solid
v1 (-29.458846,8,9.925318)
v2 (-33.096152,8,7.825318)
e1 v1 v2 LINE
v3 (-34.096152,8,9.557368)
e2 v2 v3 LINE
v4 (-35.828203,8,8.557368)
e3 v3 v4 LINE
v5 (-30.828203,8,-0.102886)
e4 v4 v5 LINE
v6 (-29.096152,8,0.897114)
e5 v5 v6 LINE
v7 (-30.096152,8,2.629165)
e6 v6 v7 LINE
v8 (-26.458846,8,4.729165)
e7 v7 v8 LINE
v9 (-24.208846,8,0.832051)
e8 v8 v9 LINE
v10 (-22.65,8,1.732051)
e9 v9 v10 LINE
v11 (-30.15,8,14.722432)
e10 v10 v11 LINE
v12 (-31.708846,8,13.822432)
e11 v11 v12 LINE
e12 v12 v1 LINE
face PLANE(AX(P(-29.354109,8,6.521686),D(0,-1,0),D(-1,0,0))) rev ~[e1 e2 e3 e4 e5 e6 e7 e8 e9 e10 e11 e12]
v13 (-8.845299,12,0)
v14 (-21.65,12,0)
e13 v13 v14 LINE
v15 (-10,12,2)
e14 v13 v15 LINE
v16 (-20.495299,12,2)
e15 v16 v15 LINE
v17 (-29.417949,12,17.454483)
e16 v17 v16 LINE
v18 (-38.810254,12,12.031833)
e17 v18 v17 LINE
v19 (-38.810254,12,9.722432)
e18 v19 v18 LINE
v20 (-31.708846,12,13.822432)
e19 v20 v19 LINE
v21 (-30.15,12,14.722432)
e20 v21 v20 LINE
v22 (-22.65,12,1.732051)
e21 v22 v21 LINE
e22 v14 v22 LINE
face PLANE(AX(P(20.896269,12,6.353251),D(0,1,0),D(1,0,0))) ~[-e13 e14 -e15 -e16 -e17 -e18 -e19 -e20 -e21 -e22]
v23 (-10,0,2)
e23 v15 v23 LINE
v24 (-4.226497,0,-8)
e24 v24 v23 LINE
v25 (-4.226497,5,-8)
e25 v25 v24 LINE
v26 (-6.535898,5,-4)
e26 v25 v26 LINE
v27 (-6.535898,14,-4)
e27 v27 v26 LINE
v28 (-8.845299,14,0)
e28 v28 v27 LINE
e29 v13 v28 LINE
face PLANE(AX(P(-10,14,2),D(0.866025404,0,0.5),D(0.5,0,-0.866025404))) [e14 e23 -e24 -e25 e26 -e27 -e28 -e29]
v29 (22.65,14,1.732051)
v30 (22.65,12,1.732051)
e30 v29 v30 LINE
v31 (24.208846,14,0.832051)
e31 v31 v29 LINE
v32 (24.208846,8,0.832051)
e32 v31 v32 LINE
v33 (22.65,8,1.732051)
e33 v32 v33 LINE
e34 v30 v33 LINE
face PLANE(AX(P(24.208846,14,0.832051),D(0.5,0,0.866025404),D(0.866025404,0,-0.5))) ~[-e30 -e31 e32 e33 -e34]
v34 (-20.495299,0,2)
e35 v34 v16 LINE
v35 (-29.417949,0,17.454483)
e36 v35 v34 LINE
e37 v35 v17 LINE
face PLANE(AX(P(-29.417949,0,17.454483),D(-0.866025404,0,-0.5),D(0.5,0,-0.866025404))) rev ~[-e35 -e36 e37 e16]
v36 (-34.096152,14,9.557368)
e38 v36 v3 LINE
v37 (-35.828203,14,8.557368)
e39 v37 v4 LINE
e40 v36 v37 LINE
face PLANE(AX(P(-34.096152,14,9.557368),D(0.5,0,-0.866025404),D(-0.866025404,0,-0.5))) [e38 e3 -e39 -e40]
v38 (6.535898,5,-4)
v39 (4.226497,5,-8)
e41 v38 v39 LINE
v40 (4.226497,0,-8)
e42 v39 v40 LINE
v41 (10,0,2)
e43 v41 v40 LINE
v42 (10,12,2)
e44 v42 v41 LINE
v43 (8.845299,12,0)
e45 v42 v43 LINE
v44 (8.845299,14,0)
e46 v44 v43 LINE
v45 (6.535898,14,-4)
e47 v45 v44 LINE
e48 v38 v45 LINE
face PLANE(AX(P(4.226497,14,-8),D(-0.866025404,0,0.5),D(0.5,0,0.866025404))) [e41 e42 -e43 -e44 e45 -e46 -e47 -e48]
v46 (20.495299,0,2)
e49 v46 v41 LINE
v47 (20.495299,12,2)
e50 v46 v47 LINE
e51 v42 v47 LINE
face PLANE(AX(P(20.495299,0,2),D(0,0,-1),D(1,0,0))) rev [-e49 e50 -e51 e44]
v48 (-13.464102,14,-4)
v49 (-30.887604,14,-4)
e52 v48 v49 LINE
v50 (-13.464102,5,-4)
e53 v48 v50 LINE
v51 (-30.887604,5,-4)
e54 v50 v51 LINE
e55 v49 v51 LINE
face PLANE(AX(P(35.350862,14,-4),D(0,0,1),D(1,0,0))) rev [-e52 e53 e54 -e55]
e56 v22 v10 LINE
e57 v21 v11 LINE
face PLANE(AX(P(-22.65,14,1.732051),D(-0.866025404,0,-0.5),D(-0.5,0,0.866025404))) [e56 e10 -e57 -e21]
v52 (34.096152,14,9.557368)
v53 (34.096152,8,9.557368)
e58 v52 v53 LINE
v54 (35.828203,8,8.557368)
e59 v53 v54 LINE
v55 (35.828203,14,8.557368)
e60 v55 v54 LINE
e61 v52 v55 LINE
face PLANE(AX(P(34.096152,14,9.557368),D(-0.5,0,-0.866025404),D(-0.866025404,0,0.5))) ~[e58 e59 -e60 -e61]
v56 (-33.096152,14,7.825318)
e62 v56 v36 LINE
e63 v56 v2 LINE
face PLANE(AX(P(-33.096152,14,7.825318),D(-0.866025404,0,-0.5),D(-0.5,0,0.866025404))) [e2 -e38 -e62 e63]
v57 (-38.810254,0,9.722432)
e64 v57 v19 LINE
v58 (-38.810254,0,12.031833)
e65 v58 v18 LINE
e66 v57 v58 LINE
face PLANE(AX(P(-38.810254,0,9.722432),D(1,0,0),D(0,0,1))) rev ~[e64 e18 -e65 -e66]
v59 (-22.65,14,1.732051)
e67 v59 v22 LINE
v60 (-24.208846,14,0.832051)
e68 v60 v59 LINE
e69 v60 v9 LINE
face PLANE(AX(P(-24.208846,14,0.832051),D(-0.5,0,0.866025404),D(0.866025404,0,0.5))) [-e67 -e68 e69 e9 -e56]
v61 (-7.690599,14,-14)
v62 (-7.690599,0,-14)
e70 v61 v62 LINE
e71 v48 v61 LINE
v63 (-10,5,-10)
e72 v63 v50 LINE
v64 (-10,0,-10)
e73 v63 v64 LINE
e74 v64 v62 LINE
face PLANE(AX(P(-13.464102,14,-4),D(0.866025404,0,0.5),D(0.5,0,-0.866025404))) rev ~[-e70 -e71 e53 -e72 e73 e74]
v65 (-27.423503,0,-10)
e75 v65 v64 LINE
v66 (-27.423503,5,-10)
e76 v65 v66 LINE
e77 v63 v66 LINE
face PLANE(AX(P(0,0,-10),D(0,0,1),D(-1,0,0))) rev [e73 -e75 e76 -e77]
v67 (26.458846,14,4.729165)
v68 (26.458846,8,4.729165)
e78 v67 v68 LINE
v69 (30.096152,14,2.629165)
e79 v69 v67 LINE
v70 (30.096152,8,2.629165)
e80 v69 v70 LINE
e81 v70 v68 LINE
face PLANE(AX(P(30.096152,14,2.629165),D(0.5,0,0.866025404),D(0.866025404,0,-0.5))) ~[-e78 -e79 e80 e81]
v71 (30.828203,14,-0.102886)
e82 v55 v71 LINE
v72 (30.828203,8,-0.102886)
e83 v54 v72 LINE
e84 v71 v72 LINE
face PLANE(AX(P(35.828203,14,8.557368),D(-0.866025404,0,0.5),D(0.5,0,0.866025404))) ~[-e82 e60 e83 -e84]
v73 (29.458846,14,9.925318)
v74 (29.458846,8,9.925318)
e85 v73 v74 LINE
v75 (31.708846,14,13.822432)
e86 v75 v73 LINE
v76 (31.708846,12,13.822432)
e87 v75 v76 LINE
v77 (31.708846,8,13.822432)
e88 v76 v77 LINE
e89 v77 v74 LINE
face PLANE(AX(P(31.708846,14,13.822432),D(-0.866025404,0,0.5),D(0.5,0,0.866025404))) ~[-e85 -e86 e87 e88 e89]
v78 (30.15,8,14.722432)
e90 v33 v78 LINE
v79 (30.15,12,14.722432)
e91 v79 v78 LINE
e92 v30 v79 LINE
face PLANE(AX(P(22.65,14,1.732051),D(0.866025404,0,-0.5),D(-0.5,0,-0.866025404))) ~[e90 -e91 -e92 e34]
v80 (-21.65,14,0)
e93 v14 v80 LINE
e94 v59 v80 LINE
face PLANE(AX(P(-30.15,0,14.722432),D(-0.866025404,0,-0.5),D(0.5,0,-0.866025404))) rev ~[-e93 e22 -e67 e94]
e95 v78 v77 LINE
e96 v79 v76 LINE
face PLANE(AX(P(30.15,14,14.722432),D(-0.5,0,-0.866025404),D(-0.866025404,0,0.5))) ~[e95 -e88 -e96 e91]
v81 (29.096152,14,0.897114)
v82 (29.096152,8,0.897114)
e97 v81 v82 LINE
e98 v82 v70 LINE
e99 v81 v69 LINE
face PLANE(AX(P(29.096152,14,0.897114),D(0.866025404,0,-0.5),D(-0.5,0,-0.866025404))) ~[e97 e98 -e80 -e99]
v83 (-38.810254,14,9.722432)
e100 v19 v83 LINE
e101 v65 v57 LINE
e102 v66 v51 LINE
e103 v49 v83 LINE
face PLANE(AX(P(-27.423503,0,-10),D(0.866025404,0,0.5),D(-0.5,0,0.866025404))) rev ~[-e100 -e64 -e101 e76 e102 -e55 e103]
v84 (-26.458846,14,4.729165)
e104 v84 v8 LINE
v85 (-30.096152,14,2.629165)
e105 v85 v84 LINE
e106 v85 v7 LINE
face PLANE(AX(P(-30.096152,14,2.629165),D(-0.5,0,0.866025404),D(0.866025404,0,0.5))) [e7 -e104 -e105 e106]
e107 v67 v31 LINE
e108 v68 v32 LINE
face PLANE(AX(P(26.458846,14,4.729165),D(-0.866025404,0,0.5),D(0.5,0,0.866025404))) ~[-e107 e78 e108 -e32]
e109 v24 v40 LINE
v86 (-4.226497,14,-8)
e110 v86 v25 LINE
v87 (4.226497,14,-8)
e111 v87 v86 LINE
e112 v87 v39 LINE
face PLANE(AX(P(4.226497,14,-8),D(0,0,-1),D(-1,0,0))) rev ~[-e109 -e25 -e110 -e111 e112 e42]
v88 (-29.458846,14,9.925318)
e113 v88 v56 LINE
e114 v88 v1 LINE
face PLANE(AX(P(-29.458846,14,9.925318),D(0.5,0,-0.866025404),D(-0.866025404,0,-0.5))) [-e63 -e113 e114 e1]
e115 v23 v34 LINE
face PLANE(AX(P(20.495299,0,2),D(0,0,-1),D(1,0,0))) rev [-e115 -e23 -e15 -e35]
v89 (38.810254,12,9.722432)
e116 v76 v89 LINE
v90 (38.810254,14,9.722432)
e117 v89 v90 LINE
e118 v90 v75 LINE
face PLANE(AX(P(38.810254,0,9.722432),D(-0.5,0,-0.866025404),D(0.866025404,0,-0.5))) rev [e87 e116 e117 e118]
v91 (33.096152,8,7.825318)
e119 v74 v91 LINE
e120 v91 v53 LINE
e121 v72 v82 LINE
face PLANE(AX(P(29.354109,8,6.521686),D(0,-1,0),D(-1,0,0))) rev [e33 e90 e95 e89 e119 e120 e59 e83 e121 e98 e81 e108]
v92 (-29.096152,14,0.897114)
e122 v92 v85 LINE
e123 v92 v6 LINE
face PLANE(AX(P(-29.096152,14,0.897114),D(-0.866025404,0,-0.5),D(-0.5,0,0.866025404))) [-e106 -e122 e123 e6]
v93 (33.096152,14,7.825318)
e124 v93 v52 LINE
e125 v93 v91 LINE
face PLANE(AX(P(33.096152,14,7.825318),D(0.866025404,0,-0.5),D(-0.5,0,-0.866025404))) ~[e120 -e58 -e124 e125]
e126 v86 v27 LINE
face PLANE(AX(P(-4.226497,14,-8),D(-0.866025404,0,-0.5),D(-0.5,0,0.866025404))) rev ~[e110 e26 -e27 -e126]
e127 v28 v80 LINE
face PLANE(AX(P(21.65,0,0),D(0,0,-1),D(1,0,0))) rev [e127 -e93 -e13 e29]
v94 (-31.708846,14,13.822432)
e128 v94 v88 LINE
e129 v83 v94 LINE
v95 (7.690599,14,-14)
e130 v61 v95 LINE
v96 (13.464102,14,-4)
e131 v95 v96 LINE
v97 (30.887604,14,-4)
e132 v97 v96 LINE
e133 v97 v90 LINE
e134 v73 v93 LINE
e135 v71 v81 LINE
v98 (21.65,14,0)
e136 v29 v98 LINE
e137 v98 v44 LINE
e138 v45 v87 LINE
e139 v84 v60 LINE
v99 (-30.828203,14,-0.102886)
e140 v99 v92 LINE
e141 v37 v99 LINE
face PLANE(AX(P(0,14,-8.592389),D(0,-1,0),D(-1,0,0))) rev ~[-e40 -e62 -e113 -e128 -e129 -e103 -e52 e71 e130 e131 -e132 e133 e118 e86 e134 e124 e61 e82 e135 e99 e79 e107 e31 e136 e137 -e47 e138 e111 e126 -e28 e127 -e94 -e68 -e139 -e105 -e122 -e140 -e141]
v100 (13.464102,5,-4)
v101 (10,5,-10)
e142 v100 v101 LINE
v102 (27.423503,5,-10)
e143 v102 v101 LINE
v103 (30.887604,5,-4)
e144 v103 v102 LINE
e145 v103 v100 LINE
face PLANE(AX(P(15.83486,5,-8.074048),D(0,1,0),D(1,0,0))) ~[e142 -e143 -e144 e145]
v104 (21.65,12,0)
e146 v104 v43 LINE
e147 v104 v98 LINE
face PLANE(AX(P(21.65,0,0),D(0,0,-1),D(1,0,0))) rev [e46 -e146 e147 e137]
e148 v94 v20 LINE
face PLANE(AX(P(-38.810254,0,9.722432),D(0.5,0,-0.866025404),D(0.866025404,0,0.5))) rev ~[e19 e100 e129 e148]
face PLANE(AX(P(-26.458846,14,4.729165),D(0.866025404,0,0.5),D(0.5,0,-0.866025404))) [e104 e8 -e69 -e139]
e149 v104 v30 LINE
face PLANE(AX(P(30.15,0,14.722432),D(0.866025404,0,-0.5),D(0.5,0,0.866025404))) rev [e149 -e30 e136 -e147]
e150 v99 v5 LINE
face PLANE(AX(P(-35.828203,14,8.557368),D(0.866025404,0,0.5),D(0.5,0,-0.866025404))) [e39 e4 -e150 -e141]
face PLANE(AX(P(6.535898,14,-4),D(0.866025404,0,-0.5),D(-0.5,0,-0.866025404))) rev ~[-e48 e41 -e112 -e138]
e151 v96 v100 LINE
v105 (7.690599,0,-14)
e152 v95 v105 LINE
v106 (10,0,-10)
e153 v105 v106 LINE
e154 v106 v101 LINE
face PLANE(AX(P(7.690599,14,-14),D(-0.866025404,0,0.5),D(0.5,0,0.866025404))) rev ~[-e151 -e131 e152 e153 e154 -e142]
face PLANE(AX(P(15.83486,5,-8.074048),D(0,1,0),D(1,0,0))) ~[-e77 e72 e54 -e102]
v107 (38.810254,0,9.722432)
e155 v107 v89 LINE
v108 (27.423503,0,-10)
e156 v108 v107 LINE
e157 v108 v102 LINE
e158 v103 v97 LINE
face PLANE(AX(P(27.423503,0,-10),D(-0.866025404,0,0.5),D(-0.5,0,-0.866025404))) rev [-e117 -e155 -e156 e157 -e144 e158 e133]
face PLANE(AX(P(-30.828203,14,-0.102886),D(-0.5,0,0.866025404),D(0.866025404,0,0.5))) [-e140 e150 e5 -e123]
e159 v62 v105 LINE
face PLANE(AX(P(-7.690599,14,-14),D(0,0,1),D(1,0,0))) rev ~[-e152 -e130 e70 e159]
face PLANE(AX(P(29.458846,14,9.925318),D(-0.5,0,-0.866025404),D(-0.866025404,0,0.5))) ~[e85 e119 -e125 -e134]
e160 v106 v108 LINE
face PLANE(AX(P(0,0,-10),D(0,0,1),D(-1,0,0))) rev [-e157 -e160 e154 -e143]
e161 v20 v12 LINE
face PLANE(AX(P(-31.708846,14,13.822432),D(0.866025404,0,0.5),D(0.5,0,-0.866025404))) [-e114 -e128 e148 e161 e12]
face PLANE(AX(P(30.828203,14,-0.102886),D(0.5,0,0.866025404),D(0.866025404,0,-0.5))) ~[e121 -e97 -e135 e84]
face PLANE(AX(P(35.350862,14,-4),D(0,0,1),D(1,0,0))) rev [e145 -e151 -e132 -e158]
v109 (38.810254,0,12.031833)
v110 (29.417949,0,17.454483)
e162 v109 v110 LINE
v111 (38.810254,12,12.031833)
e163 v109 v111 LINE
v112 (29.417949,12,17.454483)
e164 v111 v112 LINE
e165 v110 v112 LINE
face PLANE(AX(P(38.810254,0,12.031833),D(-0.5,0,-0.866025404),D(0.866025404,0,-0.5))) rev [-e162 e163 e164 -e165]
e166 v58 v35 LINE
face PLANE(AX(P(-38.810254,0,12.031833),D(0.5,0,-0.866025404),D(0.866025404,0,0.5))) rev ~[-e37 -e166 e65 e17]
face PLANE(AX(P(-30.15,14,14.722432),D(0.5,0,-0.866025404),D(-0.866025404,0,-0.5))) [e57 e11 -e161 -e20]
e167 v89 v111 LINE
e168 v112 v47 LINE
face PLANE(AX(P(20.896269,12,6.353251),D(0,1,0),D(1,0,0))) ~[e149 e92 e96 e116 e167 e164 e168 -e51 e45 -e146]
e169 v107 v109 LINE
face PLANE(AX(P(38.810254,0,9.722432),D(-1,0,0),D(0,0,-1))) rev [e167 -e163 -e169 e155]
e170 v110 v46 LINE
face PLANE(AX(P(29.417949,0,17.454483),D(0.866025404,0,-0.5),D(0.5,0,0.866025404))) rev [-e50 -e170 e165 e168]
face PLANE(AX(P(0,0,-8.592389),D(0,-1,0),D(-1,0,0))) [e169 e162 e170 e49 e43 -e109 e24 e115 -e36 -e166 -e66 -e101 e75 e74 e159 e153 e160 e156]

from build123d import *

# Parameters (mm, degrees)
BOSS_EXTRUDE1_DEPTH = 14
BOSS_EXTRUDE2_DEPTH = 12
CUT_EXTRUDE2_DEPTH  = 6
SKETCH7_W           = 39.032004281
SKETCH7_H           = 8.14809517
CUT_EXTRUDE3_DEPTH  = 9
CUT_EXTRUDE4_DEPTH  = 14
BOSS_EXTRUDE3_DEPTH = 14


with BuildPart() as part:
    # Sketch2 → Boss-Extrude1 (new body)
    with BuildSketch(Plane(origin=(0, 0, 0), x_dir=(1, 0, 0), z_dir=(0, 1, 0))):
        Polygon((-21.65, 0), (0, 0), (0, 10), (-27.423502692, 10), (-38.810254038, -9.722431864), (-30.15, -14.722431864), align=None)
    boss_extrude1 = extrude(amount=BOSS_EXTRUDE1_DEPTH)

    # Sketch5 → Boss-Extrude2 (add)
    with BuildSketch(Plane(origin=(0, 0, 0), x_dir=(1, 0, 0), z_dir=(0, 1, 0))):
        Polygon((-38.810254038, -9.722431864), (-38.810254038, -12.031832941), (-29.417949192, -17.454482672), (-20.495299462, -2), (0, -2), (0, 0), (-21.65, 0), (-30.15, -14.722431864), align=None)
    boss_extrude2 = extrude(amount=BOSS_EXTRUDE2_DEPTH)

    # Sketch6 → Cut-Extrude2 (cut)
    with BuildSketch(Plane(origin=(0, 14, 0), x_dir=(1, 0, 0), z_dir=(0, 1, 0))):
        Polygon((-30.15, -14.722431864), (-31.708845727, -13.822431864), (-29.458845727, -9.925317547), (-33.096152423, -7.825317547), (-34.096152423, -9.557368355), (-35.82820323, -8.557368355), (-30.82820323, 0.102885683), (-29.096152423, -0.897114317), (-30.096152423, -2.629165125), (-26.458845727, -4.729165125), (-24.208845727, -0.832050808), (-22.65, -1.732050808), align=None)
    cut_extrude2 = extrude(amount=-CUT_EXTRUDE2_DEPTH, mode=Mode.SUBTRACT)

    # Sketch7 → Cut-Extrude3 (cut)
    with BuildSketch(Plane(origin=(0, 14, 0), x_dir=(1, 0, 0), z_dir=(0, 1, 0))):
        with Locations((-15.834859511, 8.074047585)):
            Rectangle(SKETCH7_W, SKETCH7_H)
    cut_extrude3 = extrude(amount=-CUT_EXTRUDE3_DEPTH, mode=Mode.SUBTRACT)

    # Mirror2: Boss-Extrude1, Boss-Extrude2, Cut-Extrude2, Cut-Extrude3 across plane
    add(boss_extrude1.mirror(Plane(origin=(0, 0, 0), x_dir=(0, 0, 1), z_dir=(1, 0, 0))))
    add(boss_extrude2.mirror(Plane(origin=(0, 0, 0), x_dir=(0, 0, 1), z_dir=(1, 0, 0))))
    add(cut_extrude2.mirror(Plane(origin=(0, 0, 0), x_dir=(0, 0, 1), z_dir=(1, 0, 0))), mode=Mode.SUBTRACT)
    add(cut_extrude3.mirror(Plane(origin=(0, 0, 0), x_dir=(0, 0, 1), z_dir=(1, 0, 0))), mode=Mode.SUBTRACT)

    # Sketch8 → Cut-Extrude4 (cut)
    with BuildSketch(Plane(origin=(0, 14, 0), x_dir=(1, 0, 0), z_dir=(0, 1, 0))):
        Polygon((-10, -2), (-4.226497308, 8), (4.226497308, 8), (10, -2), align=None)
    extrude(amount=-CUT_EXTRUDE4_DEPTH, mode=Mode.SUBTRACT)

    # Sketch9 → Boss-Extrude3 (add)
    with BuildSketch(Plane(origin=(0, 14, 0), x_dir=(1, 0, 0), z_dir=(0, 1, 0))):
        Polygon((-13.464101615, 4), (-7.690598923, 14), (7.690598923, 14), (13.464101615, 4), (6.535898385, 4), (4.226497308, 8), (-4.226497308, 8), (-6.535898385, 4), align=None)
    extrude(amount=-BOSS_EXTRUDE3_DEPTH)


solid = part.part
